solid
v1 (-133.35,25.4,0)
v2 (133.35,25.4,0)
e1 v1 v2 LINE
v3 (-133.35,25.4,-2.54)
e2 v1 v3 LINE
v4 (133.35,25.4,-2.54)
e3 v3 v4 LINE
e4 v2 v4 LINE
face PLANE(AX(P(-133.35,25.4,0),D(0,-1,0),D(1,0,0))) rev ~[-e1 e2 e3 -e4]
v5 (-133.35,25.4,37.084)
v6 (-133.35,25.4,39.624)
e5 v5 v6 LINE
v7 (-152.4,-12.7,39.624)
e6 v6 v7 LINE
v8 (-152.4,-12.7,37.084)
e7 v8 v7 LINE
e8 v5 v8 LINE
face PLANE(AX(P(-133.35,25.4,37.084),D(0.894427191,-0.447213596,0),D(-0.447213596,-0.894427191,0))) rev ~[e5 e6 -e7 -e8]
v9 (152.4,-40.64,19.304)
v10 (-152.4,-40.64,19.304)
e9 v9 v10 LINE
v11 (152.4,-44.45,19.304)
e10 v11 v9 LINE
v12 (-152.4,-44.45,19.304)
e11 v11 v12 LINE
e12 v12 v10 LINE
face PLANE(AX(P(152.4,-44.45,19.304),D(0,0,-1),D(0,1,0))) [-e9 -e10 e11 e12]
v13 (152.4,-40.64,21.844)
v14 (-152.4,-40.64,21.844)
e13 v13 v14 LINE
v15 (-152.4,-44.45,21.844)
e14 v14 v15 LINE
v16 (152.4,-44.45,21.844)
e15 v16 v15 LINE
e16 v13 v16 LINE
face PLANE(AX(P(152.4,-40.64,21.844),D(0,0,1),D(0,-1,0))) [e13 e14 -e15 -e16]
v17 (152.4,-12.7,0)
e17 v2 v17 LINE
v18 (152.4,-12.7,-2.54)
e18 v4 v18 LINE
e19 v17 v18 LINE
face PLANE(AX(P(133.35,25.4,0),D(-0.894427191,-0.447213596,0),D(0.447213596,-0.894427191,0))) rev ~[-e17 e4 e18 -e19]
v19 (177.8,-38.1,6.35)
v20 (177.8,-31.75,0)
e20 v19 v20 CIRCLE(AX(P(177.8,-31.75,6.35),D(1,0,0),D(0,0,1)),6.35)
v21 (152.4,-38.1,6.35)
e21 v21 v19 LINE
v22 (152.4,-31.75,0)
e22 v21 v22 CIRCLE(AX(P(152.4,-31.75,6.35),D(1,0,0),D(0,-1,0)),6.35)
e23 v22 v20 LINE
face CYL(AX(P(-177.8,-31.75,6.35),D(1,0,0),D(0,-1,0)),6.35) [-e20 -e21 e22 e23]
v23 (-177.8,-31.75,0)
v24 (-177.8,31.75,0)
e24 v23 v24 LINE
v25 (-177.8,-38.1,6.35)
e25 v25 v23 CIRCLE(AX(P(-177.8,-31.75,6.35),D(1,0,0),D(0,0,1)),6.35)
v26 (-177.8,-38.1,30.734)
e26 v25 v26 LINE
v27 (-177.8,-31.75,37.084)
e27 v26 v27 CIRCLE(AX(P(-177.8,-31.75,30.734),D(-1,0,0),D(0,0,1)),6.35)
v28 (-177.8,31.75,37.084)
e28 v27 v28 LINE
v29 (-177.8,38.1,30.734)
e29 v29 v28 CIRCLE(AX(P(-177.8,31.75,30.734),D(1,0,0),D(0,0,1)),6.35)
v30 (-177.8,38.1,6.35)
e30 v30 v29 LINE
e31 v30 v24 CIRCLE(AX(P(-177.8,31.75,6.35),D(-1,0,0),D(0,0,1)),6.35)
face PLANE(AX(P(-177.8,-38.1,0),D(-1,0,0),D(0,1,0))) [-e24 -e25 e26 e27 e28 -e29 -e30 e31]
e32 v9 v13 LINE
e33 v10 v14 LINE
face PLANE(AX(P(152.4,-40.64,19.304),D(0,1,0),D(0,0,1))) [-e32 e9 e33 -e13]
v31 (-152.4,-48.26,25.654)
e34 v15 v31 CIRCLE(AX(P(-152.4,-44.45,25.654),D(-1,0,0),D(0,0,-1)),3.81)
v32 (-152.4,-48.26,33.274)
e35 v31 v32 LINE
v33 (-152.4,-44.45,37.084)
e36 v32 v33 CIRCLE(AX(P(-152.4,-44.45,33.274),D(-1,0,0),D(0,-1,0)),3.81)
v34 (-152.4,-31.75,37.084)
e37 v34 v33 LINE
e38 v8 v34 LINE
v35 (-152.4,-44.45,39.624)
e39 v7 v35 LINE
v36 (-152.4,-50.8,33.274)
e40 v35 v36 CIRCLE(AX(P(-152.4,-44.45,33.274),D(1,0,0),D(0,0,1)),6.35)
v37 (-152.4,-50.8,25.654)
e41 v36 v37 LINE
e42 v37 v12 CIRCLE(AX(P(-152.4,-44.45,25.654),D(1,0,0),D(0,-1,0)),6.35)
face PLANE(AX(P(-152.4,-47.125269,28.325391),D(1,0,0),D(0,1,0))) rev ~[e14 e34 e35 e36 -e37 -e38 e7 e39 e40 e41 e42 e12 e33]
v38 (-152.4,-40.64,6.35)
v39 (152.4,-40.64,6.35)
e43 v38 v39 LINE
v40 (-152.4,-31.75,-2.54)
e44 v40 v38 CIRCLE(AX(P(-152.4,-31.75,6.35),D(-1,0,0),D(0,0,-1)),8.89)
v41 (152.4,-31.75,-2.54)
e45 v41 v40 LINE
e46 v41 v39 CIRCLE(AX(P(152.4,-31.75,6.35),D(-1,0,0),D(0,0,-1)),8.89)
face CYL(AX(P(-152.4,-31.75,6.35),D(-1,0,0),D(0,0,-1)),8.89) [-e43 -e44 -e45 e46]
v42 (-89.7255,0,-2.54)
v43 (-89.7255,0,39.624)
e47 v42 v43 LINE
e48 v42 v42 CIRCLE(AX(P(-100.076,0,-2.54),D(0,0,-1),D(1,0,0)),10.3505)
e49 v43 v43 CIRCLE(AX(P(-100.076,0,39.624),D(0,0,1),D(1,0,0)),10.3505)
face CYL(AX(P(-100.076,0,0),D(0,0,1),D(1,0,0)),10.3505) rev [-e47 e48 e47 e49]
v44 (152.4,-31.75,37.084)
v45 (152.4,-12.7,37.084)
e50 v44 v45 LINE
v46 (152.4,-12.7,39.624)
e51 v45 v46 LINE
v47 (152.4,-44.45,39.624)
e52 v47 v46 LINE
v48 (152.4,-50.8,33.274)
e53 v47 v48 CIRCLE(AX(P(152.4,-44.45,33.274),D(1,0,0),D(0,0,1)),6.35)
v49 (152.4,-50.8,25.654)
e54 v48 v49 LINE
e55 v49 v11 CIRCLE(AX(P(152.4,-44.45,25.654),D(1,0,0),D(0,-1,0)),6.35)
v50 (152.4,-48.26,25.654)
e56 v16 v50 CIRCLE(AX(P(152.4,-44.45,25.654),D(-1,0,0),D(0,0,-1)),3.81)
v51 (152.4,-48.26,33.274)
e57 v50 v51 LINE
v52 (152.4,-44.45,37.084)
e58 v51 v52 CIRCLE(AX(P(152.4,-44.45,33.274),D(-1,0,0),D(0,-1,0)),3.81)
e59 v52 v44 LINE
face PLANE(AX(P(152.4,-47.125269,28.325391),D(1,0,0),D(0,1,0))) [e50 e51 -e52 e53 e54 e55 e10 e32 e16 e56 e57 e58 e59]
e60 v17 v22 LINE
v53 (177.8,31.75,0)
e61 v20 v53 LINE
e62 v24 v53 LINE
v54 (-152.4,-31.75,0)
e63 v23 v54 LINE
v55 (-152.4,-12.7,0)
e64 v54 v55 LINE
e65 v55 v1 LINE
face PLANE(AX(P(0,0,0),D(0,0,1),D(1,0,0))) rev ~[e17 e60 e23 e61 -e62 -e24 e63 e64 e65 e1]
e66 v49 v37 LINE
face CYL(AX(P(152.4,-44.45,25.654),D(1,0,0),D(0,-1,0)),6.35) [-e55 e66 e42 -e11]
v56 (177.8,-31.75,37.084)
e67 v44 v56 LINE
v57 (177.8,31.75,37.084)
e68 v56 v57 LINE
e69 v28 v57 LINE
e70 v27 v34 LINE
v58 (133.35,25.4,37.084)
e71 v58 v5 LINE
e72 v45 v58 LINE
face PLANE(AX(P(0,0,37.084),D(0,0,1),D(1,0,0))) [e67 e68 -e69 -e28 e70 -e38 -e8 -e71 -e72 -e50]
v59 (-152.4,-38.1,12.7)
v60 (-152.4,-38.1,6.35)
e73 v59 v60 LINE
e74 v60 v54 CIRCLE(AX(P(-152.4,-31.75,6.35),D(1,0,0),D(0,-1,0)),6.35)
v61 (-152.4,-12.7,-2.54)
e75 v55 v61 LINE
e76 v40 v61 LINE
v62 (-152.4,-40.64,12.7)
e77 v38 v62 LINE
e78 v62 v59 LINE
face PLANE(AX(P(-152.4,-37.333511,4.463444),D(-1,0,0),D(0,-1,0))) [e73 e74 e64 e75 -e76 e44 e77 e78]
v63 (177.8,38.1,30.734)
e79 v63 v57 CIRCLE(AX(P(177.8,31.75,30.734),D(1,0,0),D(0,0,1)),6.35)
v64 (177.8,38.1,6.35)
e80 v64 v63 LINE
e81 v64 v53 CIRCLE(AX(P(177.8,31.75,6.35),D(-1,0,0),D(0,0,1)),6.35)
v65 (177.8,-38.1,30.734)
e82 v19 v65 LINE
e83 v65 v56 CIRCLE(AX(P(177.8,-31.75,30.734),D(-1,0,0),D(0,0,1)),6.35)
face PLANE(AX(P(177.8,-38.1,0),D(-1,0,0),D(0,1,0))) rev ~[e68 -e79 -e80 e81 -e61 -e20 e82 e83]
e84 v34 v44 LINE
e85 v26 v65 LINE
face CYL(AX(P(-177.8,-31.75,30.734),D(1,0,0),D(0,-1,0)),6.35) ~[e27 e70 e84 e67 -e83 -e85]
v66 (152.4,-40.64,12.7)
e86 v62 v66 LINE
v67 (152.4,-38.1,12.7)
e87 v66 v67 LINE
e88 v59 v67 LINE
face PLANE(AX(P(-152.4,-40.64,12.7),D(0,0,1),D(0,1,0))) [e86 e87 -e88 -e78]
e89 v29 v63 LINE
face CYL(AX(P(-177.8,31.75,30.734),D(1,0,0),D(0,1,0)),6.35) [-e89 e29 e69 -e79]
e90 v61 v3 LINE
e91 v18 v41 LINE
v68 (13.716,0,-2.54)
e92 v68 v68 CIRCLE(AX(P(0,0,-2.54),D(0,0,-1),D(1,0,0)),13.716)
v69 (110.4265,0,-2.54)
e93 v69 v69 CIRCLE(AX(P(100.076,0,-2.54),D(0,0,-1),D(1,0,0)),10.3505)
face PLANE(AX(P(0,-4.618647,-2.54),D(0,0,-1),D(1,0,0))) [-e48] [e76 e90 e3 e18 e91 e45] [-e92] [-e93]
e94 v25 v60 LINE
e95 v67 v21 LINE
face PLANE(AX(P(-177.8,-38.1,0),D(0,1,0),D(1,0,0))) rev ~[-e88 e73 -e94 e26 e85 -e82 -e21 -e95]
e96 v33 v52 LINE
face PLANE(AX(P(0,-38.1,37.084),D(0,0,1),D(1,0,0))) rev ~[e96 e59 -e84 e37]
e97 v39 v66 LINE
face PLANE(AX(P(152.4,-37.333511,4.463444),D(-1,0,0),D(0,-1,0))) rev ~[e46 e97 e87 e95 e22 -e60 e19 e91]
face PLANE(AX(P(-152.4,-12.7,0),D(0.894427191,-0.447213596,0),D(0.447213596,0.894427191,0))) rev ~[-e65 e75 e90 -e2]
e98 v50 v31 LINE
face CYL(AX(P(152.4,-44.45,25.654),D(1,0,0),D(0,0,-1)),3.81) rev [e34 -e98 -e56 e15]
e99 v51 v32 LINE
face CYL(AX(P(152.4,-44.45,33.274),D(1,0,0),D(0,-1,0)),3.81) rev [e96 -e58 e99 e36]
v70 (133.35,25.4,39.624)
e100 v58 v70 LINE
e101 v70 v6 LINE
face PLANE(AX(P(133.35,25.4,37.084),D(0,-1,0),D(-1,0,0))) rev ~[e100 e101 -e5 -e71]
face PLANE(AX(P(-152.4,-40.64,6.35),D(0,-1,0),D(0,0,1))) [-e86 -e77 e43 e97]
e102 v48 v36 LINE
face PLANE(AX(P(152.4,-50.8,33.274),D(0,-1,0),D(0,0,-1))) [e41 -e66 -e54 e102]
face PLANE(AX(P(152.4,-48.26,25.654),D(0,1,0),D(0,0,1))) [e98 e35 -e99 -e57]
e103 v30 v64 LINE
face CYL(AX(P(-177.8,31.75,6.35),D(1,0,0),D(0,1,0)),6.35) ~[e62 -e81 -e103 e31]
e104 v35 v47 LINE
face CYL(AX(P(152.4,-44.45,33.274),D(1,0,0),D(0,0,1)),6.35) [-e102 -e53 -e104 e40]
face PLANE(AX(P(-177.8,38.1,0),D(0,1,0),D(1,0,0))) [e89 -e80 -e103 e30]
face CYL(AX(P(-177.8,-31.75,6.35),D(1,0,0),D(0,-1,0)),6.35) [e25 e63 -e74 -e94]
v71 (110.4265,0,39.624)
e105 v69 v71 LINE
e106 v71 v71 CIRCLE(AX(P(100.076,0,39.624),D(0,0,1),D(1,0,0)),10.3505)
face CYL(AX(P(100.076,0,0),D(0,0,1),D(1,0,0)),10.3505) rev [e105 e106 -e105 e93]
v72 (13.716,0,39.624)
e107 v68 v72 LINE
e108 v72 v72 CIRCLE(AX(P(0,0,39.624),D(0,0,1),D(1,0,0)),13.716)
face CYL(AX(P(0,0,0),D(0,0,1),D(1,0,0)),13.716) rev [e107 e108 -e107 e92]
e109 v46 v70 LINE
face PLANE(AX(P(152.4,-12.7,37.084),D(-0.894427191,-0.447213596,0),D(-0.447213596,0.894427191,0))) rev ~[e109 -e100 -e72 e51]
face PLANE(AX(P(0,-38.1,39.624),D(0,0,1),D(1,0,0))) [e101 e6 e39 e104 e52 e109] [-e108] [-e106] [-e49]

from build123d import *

# Parameters (mm, degrees)
F0_W      = 355.6
F0_H      = 76.2
F0_R      = 10.3505
F0_R_2    = 13.716
F1_DEPTH  = 37.084
F2_R      = 6.35
F3_W      = 304.8
F3_H      = 12.7
F3_R      = 10.3505
F3_R_2    = 13.716
F4_DEPTH  = 2.54
F5_R      = 10.3505
F5_R_2    = 13.716
F6_DEPTH  = 2.54
F8_DEPTH  = 304.8
F10_DEPTH = 304.8


with BuildPart() as f1:
    # F0 (on Top) → F1 (new body)
    with BuildSketch(Plane.XY):
        Rectangle(F0_W, F0_H)
        with Locations((-100.076, 0)):
            Circle(F0_R, mode=Mode.SUBTRACT)
        Circle(F0_R_2, mode=Mode.SUBTRACT)
        with Locations((100.076, 0)):
            Circle(F0_R, mode=Mode.SUBTRACT)
    extrude(amount=F1_DEPTH)

    # F2
    f2_edges = [f1.edges().sort_by_distance(p)[0] for p in [
        (0, -38.1, 37.084),
        (0, -38.1, 0),
        (0, 38.1, 37.084),
        (0, 38.1, 0),
    ]]
    fillet(f2_edges, radius=F2_R)

    # F3 (on face) → F4 (join)
    with BuildSketch(Plane.XY.offset(37.084)):
        with Locations((0, -38.1)):
            Rectangle(F3_W, F3_H)
        Polygon((-152.4, -12.7), (-152.4, -31.75), (152.4, -31.75), (152.4, -12.7), (133.35, 25.4), (-133.35, 25.4), align=None)
        with Locations((-100.076, 0)):
            Circle(F3_R, mode=Mode.SUBTRACT)
        Circle(F3_R_2, mode=Mode.SUBTRACT)
        with Locations((100.076, 0)):
            Circle(F3_R, mode=Mode.SUBTRACT)
    extrude(amount=F4_DEPTH)

    # F5 (on face) → F6 (join)
    with BuildSketch(Plane(origin=(0, 0, 0), x_dir=(1, 0, 0), z_dir=(0, 0, -1))):
        Polygon((-152.4, 12.7), (-133.35, -25.4), (133.35, -25.4), (152.4, 12.7), (152.4, 31.75), (-152.4, 31.75), align=None)
        with Locations((-100.076, 0)):
            Circle(F5_R, mode=Mode.SUBTRACT)
        Circle(F5_R_2, mode=Mode.SUBTRACT)
        with Locations((100.076, 0)):
            Circle(F5_R, mode=Mode.SUBTRACT)
    extrude(amount=F6_DEPTH)

    # F7 (on face) → F8 (join)
    with BuildSketch(Plane.YZ.offset(152.4)):
        with BuildLine():
            ThreePointArc((-48.26, 33.274), (-47.1440768363, 35.9680768363), (-44.45, 37.084))
            Line((-44.45, 37.084), (-44.45, 39.624))
            ThreePointArc((-44.45, 39.624), (-48.9401280605, 37.7641280605), (-50.8, 33.274))
            Line((-50.8, 33.274), (-50.8, 25.654))
            ThreePointArc((-50.8, 25.654), (-48.9401280605, 21.1638719395), (-44.45, 19.304))
            Line((-44.45, 19.304), (-40.64, 19.304))
            Line((-40.64, 19.304), (-40.64, 21.844))
            Line((-40.64, 21.844), (-44.45, 21.844))
            ThreePointArc((-44.45, 21.844), (-47.1440768363, 22.9599231637), (-48.26, 25.654))
            Line((-48.26, 25.654), (-48.26, 33.274))
        make_face()
    extrude(amount=-F8_DEPTH)

    # F9 (on face) → F10 (join)
    with BuildSketch(Plane(origin=(-152.4, 0, 0), x_dir=(0, -1, 0), z_dir=(-1, 0, 0))):
        with BuildLine():
            ThreePointArc((31.75, -2.54), (38.0361792847, 0.0638207153), (40.64, 6.35))
            Line((40.64, 6.35), (40.64, 12.7))
            Line((40.64, 12.7), (38.1, 12.7))
            Line((38.1, 12.7), (38.1, 6.35))
            ThreePointArc((38.1, 6.35), (36.2401280605, 1.8598719395), (31.75, 0))
            Line((31.75, 0), (31.75, -2.54))
        make_face()
    extrude(amount=-F10_DEPTH)


solid = f1.part
